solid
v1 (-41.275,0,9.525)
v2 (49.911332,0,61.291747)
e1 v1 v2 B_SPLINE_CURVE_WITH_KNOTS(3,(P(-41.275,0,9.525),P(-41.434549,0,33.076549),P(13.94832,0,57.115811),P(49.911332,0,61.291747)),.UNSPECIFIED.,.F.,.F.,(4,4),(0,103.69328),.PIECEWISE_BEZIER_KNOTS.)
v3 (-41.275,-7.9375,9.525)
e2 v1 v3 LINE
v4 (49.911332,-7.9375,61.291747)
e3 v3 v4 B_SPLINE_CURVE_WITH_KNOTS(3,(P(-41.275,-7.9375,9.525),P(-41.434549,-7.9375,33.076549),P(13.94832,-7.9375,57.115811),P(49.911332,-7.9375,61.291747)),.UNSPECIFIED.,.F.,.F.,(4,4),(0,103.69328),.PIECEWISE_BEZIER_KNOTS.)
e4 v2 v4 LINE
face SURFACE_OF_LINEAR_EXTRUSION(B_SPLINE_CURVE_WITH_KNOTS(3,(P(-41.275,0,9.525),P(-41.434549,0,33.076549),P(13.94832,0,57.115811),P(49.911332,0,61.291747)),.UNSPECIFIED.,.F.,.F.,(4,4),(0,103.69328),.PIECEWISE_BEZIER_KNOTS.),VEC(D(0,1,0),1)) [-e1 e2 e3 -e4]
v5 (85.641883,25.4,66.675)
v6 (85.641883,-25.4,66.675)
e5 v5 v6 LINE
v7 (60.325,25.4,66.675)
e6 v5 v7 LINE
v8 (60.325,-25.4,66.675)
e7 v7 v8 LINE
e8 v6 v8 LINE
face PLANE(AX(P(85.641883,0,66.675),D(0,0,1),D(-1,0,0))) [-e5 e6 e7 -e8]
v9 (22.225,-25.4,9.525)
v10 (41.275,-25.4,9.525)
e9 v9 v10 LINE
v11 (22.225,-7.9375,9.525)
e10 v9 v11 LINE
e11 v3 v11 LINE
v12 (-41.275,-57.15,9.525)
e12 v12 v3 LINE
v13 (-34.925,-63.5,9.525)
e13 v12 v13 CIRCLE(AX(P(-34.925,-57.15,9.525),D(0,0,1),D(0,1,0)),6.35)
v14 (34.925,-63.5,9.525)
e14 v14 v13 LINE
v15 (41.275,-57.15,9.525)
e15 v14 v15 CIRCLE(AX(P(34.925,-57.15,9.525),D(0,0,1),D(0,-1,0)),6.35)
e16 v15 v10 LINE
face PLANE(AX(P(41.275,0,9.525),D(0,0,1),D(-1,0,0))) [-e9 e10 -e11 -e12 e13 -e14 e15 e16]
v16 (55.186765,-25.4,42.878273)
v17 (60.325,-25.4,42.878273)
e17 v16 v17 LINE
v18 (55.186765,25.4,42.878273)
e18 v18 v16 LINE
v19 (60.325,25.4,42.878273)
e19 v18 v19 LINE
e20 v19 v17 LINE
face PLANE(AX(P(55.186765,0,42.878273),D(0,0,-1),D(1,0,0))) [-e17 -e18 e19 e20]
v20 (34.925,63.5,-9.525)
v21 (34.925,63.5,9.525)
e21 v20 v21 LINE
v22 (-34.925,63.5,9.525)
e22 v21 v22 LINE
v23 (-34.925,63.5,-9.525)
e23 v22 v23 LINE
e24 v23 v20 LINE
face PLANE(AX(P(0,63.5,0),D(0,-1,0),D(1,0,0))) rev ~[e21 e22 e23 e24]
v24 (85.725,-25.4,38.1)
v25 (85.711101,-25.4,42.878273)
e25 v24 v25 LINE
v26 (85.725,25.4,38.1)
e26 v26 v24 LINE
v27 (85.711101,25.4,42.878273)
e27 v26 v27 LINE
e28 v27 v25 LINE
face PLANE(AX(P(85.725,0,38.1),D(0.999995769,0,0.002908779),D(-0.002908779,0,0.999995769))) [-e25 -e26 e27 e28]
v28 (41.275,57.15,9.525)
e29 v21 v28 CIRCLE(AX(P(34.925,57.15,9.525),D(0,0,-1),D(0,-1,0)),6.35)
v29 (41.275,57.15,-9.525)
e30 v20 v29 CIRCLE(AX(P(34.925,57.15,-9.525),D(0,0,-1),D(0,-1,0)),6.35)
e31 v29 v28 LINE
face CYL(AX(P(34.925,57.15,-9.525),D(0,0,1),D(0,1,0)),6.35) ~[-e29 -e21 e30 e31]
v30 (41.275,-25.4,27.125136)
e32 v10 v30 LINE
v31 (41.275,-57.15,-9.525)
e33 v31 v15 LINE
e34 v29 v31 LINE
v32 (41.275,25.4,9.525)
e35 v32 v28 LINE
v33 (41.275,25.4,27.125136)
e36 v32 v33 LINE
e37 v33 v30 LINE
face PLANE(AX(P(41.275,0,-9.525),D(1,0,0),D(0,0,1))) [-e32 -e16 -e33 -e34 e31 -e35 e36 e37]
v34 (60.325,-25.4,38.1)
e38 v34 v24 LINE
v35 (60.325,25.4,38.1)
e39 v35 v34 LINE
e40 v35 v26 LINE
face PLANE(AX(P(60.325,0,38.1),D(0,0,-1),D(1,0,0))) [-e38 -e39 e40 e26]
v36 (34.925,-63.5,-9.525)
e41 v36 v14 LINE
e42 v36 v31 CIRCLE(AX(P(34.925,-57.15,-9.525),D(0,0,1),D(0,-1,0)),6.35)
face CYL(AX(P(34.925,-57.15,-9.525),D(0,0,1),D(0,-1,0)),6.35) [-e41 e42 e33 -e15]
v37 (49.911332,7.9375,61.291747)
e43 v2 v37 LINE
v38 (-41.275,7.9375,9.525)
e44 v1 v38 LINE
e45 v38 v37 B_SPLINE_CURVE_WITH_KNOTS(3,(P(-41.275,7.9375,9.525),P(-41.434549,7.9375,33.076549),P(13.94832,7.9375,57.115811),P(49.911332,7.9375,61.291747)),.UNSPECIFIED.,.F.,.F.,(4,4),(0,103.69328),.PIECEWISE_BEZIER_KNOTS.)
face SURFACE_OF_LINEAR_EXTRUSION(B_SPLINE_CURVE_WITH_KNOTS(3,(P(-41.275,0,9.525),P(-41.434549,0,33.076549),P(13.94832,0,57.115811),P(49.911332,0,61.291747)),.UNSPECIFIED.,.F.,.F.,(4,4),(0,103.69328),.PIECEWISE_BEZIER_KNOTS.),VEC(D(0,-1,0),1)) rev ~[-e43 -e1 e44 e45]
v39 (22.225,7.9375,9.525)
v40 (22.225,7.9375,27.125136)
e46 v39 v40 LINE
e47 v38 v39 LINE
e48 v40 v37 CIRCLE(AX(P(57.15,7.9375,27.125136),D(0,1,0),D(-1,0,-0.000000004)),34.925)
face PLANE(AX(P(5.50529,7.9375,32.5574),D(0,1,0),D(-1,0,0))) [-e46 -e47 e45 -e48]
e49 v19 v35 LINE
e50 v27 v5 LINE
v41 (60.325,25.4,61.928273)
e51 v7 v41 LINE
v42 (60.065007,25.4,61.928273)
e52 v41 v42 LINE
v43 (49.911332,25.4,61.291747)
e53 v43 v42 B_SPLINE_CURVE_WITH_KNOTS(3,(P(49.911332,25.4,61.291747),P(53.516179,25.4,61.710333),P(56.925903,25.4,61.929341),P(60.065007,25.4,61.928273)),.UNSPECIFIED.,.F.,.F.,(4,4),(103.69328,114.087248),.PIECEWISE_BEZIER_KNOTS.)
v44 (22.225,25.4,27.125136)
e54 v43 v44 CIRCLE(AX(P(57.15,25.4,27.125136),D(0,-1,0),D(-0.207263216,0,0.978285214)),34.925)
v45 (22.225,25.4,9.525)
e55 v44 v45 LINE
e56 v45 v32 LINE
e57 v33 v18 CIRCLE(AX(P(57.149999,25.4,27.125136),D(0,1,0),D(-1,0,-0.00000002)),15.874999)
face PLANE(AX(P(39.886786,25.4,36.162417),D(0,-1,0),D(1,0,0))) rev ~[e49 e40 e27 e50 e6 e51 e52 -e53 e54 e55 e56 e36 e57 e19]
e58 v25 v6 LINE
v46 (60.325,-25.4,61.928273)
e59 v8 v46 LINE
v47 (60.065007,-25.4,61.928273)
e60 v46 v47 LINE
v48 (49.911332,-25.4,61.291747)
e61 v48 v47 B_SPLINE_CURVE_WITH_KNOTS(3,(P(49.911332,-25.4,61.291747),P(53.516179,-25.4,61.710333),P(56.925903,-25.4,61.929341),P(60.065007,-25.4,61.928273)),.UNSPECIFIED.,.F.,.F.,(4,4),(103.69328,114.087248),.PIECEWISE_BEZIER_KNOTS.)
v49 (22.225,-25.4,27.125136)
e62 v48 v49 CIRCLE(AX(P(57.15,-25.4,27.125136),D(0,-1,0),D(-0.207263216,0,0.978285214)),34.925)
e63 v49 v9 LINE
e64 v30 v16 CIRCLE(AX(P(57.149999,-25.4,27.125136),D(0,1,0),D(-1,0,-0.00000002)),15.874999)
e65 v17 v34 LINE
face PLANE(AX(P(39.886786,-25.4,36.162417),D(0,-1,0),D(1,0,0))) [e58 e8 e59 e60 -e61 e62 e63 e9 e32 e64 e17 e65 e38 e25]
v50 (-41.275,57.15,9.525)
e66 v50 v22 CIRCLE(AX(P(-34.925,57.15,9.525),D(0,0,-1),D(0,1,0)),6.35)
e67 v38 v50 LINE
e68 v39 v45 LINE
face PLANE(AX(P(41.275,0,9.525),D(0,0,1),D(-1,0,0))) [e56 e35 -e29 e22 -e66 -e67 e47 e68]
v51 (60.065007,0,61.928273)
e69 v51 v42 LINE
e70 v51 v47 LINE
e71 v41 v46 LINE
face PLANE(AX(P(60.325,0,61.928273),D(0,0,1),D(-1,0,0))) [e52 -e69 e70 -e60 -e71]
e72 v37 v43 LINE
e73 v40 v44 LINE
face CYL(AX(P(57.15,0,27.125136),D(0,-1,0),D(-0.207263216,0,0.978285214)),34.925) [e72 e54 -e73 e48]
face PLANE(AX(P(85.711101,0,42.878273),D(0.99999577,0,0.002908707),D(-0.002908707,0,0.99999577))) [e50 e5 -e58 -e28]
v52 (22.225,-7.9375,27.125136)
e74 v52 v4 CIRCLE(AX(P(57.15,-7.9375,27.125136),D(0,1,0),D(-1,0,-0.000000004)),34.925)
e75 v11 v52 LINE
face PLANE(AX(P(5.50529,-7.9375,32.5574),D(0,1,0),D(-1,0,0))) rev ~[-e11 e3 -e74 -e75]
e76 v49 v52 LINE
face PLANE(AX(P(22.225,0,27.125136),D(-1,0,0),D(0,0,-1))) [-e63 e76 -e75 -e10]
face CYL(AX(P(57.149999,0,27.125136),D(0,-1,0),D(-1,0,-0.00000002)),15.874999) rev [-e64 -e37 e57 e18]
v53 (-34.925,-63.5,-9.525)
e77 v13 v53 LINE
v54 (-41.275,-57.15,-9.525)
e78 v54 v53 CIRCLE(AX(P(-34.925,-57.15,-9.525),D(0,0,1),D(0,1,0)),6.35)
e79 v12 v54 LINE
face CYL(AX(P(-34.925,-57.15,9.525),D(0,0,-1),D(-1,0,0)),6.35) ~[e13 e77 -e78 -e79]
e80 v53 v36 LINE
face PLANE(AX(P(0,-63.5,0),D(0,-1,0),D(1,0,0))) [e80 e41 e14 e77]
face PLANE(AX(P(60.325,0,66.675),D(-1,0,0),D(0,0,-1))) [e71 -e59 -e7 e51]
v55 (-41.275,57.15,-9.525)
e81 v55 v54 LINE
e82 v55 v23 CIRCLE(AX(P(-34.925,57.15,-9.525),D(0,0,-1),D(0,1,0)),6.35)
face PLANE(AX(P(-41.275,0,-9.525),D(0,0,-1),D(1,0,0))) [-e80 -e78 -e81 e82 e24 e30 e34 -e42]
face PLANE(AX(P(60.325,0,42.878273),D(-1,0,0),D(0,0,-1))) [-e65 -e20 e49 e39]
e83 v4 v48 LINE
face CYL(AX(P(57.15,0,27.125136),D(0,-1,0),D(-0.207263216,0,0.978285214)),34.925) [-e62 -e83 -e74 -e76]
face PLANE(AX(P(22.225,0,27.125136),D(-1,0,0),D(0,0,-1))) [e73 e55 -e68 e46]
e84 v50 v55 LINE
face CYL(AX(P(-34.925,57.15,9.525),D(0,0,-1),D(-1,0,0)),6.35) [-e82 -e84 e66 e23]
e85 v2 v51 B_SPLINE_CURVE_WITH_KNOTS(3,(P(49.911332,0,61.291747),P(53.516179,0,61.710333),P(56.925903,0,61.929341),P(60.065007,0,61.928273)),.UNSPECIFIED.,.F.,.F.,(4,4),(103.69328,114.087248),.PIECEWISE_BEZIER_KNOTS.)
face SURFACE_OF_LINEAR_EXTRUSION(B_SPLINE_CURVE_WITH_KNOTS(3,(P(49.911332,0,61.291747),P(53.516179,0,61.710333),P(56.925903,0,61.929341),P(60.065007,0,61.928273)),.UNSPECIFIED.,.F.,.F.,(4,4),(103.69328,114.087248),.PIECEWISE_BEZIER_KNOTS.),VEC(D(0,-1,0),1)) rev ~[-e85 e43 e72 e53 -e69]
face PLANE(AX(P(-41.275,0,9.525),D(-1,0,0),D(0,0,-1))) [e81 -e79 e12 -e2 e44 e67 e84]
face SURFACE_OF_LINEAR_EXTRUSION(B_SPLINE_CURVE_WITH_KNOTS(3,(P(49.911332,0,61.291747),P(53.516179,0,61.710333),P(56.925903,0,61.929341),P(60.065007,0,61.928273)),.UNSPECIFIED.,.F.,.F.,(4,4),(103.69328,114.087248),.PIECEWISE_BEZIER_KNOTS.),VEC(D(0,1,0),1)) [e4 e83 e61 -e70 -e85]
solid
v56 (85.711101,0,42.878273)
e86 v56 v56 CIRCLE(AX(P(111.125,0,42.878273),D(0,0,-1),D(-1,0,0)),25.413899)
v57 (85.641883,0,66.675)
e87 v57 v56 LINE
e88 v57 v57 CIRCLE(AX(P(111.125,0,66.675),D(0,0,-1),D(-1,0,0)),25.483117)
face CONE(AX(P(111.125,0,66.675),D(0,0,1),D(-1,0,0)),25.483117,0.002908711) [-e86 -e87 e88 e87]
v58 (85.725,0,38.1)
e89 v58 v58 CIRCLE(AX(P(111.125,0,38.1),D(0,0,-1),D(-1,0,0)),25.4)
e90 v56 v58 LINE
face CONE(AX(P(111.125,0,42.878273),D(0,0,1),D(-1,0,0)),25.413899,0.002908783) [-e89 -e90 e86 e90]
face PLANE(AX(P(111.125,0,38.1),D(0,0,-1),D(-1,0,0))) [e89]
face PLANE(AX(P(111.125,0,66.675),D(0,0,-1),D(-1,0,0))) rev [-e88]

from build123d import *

# Parameters (mm, degrees)
F1_DEPTH = 63.5
F2_DEPTH = 25.4
F3_DEPTH = 7.9375
F5_R     = 6.35


with BuildPart() as f1:
    # F0 (on Front) → F1 (new body, symmetric)
    with BuildSketch(Plane.XZ):
        Polygon((-41.275, 9.525), (-41.275, -9.525), (41.275, -9.525), (41.275, 9.525), (22.225, 9.525), align=None)
    extrude(amount=F1_DEPTH, both=True)

    # F0 (on Front) → F2 (join, symmetric)
    with BuildSketch(Plane.XZ):
        with BuildLine():
            Line((22.225, 9.525), (41.275, 9.525))
            Line((41.275, 9.525), (41.275, 27.125136))
            ThreePointArc((41.275, 27.125136), (45.250799, 37.633449), (55.186765, 42.878273))
            Line((55.186765, 42.878273), (60.325, 42.878273))
            Line((60.325, 42.878273), (60.325, 61.928273))
            Line((60.325, 61.928273), (60.065007, 61.928273))
            add(Edge.make_bspline(
                [(49.911332, 61.291747), (53.516179, 61.710333), (56.925903, 61.929341), (60.065007, 61.928273)],
                knots=[103.69328, 103.69328, 103.69328, 103.69328, 114.087248, 114.087248, 114.087248, 114.087248], degree=3))
            ThreePointArc((49.911332, 61.291747), (30.015464, 49.113146), (22.225, 27.125136))
            Line((22.225, 27.125136), (22.225, 9.525))
        make_face()
        Polygon((60.325, 66.675), (60.325, 61.928273), (60.325, 42.878273), (85.711101, 42.878273), (85.641883, 66.675), align=None)
        Polygon((85.711101, 42.878273), (60.325, 42.878273), (60.325, 38.1), (85.725, 38.1), align=None)
    extrude(amount=F2_DEPTH, both=True)

    # F0 (on Front) → F3 (join, symmetric)
    with BuildSketch(Plane.XZ):
        with BuildLine():
            add(Edge.make_bspline(
                [(-41.275, 9.525), (-41.434549, 33.076549), (13.94832, 57.115811), (49.911332, 61.291747)],
                knots=[0, 0, 0, 0, 103.69328, 103.69328, 103.69328, 103.69328], degree=3))
            Line((-41.275, 9.525), (22.225, 9.525))
            Line((22.225, 9.525), (22.225, 27.125136))
            ThreePointArc((22.225, 27.125136), (30.015464, 49.113146), (49.911332, 61.291747))
        make_face()
    extrude(amount=F3_DEPTH, both=True)

    # F5
    f5_edges = [f1.edges().sort_by_distance(p)[0] for p in [
        (41.275, -63.5, 0),
        (-41.275, -63.5, 0),
        (-41.275, 63.5, 0),
        (41.275, 63.5, 0),
    ]]
    fillet(f5_edges, radius=F5_R)


with BuildPart() as f4:
    # F0 (on Front) → F4 (revolve)
    with BuildSketch(Plane.XZ):
        Polygon((85.641883, 66.675), (85.711101, 42.878273), (85.725, 38.1), (111.125, 38.1), (111.125, 66.675), align=None)
    revolve(axis=Axis((111.125, 0, 52.3875), (0, 0, -1)))


solid = Compound([f1.part, f4.part])
